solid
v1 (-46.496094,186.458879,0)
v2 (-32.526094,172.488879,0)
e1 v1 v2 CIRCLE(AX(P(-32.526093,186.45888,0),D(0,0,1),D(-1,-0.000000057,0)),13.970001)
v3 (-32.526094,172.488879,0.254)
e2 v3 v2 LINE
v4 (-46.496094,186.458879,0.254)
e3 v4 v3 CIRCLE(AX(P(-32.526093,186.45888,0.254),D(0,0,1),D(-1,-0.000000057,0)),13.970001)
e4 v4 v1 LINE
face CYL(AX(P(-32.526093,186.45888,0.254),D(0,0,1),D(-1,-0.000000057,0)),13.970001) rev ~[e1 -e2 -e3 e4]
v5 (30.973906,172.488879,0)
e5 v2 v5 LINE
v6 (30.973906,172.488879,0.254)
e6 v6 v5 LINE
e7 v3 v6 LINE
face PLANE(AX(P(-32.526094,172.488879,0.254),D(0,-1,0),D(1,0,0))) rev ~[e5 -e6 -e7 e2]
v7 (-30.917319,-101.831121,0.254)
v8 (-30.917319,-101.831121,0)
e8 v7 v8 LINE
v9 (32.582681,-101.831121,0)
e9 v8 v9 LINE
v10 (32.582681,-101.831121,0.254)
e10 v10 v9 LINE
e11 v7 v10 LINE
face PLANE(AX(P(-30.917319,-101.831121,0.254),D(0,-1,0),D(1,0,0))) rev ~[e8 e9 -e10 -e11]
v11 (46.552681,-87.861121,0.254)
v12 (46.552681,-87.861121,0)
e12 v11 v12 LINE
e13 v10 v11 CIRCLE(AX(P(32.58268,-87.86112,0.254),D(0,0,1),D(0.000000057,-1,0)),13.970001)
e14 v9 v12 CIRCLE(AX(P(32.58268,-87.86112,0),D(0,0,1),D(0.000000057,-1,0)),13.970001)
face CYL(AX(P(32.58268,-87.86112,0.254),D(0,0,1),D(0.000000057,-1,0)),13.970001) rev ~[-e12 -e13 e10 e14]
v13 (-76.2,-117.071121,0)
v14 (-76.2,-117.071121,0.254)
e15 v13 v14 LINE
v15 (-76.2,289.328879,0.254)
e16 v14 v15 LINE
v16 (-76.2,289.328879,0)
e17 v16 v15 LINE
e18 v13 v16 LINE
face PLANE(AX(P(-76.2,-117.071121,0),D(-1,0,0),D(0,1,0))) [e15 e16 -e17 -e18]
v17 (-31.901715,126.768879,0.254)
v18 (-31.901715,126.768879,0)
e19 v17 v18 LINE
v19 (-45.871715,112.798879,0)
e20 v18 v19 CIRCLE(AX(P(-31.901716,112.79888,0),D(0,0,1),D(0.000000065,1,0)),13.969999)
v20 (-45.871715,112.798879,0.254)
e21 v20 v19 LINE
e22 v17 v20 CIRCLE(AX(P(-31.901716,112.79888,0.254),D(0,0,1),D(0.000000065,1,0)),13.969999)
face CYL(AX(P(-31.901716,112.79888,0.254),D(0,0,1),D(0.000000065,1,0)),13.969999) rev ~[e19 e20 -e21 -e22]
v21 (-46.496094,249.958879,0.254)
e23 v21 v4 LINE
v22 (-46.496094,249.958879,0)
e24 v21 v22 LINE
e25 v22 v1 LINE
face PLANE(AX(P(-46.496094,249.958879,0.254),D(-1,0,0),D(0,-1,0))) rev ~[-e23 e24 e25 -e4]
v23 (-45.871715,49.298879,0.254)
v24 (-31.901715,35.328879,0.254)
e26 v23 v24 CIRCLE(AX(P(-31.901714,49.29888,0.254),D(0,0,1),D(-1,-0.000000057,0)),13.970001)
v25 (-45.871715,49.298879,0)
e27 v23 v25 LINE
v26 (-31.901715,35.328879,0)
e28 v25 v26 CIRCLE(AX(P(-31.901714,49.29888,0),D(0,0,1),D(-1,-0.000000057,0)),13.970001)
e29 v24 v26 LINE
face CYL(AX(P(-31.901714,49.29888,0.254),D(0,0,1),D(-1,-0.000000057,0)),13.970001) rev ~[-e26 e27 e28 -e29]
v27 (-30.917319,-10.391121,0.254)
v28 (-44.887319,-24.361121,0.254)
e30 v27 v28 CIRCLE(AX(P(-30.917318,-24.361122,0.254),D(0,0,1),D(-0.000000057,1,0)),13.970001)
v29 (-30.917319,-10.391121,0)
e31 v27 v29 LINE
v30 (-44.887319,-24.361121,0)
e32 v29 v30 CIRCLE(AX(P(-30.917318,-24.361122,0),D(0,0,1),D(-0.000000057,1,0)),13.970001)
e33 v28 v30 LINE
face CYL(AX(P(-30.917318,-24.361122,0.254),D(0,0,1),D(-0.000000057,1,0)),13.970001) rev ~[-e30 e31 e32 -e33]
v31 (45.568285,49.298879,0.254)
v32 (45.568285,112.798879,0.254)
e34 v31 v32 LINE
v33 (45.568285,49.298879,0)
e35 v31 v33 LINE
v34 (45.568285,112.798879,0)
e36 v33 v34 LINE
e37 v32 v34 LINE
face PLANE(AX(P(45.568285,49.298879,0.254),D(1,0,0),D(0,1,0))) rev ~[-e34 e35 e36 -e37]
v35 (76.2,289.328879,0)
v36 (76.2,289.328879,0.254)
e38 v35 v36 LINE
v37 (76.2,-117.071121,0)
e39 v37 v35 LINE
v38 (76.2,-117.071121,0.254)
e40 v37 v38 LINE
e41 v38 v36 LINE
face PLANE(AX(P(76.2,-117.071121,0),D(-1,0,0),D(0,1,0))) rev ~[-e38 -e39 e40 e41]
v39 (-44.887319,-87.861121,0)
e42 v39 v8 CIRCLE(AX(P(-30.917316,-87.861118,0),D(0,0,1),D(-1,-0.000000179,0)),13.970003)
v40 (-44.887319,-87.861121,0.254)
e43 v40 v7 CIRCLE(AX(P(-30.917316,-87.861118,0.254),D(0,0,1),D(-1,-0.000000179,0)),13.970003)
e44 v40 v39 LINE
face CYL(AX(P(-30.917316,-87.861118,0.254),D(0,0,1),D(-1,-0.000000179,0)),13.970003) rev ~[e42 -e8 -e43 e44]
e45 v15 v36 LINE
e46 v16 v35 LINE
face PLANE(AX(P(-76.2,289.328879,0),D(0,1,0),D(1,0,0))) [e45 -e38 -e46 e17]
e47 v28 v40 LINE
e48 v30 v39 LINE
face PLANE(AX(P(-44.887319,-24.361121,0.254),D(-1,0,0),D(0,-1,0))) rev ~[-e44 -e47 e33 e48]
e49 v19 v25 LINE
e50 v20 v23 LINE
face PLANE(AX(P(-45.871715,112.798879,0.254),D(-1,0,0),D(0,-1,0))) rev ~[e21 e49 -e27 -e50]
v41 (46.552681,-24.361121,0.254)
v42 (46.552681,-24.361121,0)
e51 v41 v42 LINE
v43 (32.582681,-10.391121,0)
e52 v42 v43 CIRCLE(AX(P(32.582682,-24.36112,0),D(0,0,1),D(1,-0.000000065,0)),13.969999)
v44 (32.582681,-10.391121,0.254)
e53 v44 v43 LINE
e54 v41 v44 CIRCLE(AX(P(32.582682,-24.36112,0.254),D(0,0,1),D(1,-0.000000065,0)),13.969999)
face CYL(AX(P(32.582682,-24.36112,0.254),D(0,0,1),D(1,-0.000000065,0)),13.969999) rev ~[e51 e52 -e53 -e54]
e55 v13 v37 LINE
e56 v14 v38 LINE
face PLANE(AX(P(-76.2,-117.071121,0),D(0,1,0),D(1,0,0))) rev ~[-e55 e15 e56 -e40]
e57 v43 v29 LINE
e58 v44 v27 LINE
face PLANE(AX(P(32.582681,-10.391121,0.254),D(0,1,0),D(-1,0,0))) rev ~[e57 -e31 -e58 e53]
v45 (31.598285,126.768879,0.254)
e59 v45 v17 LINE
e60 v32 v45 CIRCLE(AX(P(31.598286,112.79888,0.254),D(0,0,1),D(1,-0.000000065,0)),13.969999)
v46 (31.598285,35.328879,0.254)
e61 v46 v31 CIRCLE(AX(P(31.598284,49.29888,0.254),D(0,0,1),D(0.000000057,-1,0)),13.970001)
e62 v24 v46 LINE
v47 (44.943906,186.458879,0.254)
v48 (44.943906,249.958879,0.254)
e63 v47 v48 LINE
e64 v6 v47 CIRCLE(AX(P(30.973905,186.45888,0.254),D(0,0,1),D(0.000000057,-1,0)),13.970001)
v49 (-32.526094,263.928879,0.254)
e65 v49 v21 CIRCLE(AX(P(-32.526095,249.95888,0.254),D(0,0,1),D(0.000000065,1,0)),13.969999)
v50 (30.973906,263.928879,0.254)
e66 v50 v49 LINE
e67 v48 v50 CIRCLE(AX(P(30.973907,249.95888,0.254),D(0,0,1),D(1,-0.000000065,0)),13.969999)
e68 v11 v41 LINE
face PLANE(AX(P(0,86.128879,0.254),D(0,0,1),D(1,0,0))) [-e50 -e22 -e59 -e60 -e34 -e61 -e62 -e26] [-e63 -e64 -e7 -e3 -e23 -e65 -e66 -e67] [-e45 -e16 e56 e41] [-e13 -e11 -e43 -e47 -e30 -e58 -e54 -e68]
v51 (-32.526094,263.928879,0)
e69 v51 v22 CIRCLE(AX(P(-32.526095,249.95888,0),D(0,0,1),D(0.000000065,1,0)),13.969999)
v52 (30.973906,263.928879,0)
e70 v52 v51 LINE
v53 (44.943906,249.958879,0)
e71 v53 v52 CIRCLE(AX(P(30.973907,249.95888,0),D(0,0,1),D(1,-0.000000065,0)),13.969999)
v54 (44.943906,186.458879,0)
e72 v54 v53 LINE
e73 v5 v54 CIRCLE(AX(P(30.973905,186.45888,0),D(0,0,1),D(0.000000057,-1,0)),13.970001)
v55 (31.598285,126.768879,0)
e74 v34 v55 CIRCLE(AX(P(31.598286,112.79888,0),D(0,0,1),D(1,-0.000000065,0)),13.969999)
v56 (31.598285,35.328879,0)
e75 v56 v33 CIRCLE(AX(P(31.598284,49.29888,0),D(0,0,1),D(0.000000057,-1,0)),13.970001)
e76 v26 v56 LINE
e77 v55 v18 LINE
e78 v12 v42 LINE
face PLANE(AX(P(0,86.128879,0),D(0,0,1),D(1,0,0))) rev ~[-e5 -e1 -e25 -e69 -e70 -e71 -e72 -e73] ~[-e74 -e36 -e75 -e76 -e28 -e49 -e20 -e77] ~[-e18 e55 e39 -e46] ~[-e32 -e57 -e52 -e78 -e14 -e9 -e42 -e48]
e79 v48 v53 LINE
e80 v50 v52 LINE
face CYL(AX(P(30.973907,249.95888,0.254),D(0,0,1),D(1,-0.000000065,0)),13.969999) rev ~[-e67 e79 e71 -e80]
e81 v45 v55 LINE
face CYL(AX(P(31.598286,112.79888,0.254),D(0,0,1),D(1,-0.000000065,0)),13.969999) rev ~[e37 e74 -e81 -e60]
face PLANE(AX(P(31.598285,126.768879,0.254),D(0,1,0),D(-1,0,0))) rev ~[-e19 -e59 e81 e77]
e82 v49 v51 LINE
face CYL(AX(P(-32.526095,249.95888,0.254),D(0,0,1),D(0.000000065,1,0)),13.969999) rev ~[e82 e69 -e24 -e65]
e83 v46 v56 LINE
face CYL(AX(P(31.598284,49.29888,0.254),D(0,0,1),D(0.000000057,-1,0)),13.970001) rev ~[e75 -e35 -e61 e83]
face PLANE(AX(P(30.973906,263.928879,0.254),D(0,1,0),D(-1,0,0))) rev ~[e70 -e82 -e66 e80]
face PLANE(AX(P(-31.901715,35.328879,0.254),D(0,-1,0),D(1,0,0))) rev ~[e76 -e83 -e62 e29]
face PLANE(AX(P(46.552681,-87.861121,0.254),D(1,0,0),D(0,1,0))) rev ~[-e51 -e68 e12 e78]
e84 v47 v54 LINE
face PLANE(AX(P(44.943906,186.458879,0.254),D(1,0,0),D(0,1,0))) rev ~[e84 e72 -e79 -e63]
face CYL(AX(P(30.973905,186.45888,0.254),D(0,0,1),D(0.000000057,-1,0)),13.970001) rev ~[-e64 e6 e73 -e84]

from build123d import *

# Parameters (mm, degrees)
F0_W     = 152.4
F0_H     = 406.4
F1_DEPTH = 0.254
F4_DEPTH = 0.255
F5_DEPTH = 0.255
F7_DEPTH = 0.255


with BuildPart() as f1:
    # F0 (on Top) → F1 (new body)
    with BuildSketch(Plane.XY):
        with Locations((0, 86.128879)):
            Rectangle(F0_W, F0_H)
    extrude(amount=F1_DEPTH)

    # F3 (on face) → F4 (cut, through all)
    with BuildSketch(Plane.XY.offset(0.254)):
        with BuildLine():
            Line((31.598285, 126.768879), (-31.901715, 126.768879))
            ThreePointArc((-31.901715, 126.768879), (-41.779997, 122.677161), (-45.871715, 112.798879))
            Line((-45.871715, 112.798879), (-45.871715, 49.298879))
            ThreePointArc((-45.871715, 49.298879), (-41.779997, 39.420598), (-31.901715, 35.328879))
            Line((-31.901715, 35.328879), (31.598285, 35.328879))
            ThreePointArc((31.598285, 35.328879), (41.476567, 39.420598), (45.568285, 49.298879))
            Line((45.568285, 49.298879), (45.568285, 112.798879))
            ThreePointArc((45.568285, 112.798879), (41.476567, 122.677161), (31.598285, 126.768879))
        make_face()
    extrude(amount=-F4_DEPTH, mode=Mode.SUBTRACT)

    # F2 (on face) → F5 (cut, through all)
    with BuildSketch(Plane.XY.offset(0.254)):
        with BuildLine():
            Line((30.973906, 263.928879), (-32.526094, 263.928879))
            ThreePointArc((-32.526094, 263.928879), (-42.404376, 259.837161), (-46.496094, 249.958879))
            Line((-46.496094, 249.958879), (-46.496094, 186.458879))
            ThreePointArc((-46.496094, 186.458879), (-42.404376, 176.580598), (-32.526094, 172.488879))
            Line((-32.526094, 172.488879), (30.973906, 172.488879))
            ThreePointArc((30.973906, 172.488879), (40.852188, 176.580598), (44.943906, 186.458879))
            Line((44.943906, 186.458879), (44.943906, 249.958879))
            ThreePointArc((44.943906, 249.958879), (40.852188, 259.837161), (30.973906, 263.928879))
        make_face()
    extrude(amount=-F5_DEPTH, mode=Mode.SUBTRACT)

    # F6 (on face) → F7 (cut, through all)
    with BuildSketch(Plane.XY.offset(0.254)):
        with BuildLine():
            Line((32.582681, -10.391121), (-30.917319, -10.391121))
            ThreePointArc((-30.917319, -10.391121), (-40.7956, -14.482839), (-44.887319, -24.361121))
            Line((-44.887319, -24.361121), (-44.887319, -87.861121))
            ThreePointArc((-44.887319, -87.861121), (-40.7956, -97.739402), (-30.917319, -101.831121))
            Line((-30.917319, -101.831121), (32.582681, -101.831121))
            ThreePointArc((32.582681, -101.831121), (42.460963, -97.739402), (46.552681, -87.861121))
            Line((46.552681, -87.861121), (46.552681, -24.361121))
            ThreePointArc((46.552681, -24.361121), (42.460963, -14.482839), (32.582681, -10.391121))
        make_face()
    extrude(amount=-F7_DEPTH, mode=Mode.SUBTRACT)


solid = f1.part
